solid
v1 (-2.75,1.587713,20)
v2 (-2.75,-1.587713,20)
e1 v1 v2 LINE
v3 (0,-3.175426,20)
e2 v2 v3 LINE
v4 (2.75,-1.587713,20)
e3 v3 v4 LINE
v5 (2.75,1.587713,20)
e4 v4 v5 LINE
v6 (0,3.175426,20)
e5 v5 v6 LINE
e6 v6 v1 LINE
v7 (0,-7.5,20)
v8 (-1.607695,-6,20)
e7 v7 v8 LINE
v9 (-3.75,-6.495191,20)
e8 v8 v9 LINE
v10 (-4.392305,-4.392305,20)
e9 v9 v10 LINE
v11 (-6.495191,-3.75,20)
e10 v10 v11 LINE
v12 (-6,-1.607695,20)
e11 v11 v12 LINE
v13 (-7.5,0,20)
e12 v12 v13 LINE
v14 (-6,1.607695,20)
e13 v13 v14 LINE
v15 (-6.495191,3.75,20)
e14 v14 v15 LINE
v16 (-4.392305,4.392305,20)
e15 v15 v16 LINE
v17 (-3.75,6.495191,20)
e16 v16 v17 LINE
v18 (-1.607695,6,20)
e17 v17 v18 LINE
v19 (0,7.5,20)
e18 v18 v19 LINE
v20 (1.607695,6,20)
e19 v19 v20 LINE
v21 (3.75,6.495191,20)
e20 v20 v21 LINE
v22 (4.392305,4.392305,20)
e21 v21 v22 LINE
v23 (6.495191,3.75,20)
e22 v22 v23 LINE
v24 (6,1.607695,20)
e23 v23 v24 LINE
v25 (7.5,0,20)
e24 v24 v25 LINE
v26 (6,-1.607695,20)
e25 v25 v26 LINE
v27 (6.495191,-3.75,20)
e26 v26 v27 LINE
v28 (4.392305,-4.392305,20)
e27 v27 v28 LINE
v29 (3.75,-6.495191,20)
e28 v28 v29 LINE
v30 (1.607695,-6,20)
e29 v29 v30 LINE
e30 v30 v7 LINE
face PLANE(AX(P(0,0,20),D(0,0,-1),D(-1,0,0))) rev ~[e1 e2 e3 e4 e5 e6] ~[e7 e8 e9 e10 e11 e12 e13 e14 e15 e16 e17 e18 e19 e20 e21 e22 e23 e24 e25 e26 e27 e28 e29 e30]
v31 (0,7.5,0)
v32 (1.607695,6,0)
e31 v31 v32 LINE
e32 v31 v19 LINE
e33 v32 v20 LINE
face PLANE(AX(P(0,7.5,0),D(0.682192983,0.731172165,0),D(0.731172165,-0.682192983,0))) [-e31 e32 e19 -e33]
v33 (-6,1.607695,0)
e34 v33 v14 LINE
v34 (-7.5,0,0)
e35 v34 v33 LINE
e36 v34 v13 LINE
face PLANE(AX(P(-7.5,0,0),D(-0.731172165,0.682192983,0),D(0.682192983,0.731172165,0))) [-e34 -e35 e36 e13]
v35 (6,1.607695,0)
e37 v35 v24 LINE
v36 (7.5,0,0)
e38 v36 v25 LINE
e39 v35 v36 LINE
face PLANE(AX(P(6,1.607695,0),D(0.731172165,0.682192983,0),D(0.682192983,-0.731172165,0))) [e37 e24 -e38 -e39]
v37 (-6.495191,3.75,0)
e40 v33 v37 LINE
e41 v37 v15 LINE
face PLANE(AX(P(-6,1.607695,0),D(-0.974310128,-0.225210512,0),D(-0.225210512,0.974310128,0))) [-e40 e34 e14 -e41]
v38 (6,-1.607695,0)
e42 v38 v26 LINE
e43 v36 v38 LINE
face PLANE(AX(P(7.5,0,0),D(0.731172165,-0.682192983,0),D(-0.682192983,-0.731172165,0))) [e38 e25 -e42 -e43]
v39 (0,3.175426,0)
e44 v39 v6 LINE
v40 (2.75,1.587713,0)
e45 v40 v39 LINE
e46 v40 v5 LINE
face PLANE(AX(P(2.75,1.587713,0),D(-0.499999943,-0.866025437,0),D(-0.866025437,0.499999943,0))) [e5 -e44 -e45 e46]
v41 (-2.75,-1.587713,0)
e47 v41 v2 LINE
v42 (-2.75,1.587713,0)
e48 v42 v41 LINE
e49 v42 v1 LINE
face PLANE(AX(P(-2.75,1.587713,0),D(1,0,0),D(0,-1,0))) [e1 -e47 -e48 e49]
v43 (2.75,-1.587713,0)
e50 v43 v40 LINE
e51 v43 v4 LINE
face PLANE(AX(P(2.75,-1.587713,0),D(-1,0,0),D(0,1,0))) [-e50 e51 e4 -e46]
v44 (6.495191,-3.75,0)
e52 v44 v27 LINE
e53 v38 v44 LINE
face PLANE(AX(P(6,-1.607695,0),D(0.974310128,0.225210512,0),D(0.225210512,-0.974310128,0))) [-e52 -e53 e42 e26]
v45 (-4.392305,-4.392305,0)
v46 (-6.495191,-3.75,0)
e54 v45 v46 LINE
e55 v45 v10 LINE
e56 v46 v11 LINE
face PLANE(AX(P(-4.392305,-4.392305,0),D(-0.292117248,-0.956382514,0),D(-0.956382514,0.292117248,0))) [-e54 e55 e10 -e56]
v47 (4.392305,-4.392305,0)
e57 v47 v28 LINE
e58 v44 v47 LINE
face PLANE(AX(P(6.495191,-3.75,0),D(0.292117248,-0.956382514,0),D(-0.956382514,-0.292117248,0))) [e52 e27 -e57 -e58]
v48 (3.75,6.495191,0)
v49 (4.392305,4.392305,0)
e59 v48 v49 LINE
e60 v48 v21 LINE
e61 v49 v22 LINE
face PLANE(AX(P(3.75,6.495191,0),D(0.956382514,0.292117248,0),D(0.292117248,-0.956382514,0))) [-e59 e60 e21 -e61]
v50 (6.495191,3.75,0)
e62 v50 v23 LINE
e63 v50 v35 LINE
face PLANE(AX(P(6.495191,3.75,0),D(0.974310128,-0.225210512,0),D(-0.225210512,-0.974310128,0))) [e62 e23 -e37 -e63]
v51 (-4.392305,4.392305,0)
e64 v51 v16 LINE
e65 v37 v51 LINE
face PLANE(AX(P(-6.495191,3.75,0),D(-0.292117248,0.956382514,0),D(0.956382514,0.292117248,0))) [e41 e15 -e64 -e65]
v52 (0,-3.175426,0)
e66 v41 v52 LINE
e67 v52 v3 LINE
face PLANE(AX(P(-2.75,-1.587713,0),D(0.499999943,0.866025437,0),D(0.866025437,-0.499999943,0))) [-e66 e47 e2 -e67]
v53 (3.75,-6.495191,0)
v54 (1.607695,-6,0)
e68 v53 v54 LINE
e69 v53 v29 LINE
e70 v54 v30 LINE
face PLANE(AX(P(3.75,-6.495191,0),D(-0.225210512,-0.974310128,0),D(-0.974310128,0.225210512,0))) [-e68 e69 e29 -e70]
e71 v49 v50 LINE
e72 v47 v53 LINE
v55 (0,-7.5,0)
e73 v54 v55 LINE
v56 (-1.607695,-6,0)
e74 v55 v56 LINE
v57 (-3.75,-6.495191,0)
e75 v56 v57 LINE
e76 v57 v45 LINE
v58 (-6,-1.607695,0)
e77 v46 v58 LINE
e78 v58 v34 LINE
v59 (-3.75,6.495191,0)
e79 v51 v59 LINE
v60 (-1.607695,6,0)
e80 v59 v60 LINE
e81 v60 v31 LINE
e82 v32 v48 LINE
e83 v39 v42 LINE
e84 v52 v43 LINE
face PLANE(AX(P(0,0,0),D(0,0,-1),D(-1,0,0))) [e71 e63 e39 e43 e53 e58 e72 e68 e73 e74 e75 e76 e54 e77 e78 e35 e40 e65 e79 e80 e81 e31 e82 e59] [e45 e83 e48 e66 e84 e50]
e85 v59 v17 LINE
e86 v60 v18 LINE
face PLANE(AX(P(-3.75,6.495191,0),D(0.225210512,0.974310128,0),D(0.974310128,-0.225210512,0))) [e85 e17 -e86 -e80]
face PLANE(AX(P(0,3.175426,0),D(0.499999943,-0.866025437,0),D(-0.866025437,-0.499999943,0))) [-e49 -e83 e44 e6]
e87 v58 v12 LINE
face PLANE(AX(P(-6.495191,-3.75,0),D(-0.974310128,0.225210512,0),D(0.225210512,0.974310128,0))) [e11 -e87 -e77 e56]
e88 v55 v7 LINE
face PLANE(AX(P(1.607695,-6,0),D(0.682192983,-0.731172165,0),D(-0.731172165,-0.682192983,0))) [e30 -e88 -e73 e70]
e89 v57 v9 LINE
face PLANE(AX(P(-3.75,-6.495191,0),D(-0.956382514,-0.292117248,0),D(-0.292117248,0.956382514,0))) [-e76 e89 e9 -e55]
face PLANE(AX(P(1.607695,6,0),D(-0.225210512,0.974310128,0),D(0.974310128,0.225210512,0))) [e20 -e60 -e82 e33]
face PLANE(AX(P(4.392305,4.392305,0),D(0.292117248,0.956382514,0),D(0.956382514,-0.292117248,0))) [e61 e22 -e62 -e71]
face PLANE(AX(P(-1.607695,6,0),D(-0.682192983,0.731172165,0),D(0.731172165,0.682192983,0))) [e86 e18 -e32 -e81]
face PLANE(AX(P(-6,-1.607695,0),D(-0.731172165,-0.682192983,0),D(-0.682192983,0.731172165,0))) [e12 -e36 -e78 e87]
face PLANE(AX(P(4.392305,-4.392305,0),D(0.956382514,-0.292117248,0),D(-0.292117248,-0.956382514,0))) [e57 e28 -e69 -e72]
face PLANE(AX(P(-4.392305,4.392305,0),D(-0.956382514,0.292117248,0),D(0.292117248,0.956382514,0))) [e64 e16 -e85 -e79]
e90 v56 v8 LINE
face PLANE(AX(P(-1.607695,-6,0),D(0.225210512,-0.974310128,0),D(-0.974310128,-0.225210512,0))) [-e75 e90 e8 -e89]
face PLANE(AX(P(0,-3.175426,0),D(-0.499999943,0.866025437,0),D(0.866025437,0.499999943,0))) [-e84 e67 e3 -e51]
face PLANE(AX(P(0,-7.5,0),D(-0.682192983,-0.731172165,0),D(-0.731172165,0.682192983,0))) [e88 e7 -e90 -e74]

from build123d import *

# Parameters (mm, degrees)
PAD_DEPTH = 20


with BuildPart() as part:
    # Sketch → Pad (new body)
    with BuildSketch(Plane.XY):
        Polygon((-3.75, 6.495191), (-1.607695, 6), (0, 7.5), (1.607695, 6), (3.75, 6.495191), (4.392305, 4.392305), (6.495191, 3.75), (6, 1.607695), (7.5, 0), (6, -1.607695), (6.495191, -3.75), (4.392305, -4.392305), (3.75, -6.495191), (1.607695, -6), (0, -7.5), (-1.607695, -6), (-3.75, -6.495191), (-4.392305, -4.392305), (-6.495191, -3.75), (-6, -1.607695), (-7.5, 0), (-6, 1.607695), (-6.495191, 3.75), (-4.392305, 4.392305), align=None)
        Polygon((2.75, 1.587713), (0, 3.175426), (-2.75, 1.587713), (-2.75, -1.587713), (0, -3.175426), (2.75, -1.587713), align=None, mode=Mode.SUBTRACT)
    extrude(amount=PAD_DEPTH)


solid = part.part
